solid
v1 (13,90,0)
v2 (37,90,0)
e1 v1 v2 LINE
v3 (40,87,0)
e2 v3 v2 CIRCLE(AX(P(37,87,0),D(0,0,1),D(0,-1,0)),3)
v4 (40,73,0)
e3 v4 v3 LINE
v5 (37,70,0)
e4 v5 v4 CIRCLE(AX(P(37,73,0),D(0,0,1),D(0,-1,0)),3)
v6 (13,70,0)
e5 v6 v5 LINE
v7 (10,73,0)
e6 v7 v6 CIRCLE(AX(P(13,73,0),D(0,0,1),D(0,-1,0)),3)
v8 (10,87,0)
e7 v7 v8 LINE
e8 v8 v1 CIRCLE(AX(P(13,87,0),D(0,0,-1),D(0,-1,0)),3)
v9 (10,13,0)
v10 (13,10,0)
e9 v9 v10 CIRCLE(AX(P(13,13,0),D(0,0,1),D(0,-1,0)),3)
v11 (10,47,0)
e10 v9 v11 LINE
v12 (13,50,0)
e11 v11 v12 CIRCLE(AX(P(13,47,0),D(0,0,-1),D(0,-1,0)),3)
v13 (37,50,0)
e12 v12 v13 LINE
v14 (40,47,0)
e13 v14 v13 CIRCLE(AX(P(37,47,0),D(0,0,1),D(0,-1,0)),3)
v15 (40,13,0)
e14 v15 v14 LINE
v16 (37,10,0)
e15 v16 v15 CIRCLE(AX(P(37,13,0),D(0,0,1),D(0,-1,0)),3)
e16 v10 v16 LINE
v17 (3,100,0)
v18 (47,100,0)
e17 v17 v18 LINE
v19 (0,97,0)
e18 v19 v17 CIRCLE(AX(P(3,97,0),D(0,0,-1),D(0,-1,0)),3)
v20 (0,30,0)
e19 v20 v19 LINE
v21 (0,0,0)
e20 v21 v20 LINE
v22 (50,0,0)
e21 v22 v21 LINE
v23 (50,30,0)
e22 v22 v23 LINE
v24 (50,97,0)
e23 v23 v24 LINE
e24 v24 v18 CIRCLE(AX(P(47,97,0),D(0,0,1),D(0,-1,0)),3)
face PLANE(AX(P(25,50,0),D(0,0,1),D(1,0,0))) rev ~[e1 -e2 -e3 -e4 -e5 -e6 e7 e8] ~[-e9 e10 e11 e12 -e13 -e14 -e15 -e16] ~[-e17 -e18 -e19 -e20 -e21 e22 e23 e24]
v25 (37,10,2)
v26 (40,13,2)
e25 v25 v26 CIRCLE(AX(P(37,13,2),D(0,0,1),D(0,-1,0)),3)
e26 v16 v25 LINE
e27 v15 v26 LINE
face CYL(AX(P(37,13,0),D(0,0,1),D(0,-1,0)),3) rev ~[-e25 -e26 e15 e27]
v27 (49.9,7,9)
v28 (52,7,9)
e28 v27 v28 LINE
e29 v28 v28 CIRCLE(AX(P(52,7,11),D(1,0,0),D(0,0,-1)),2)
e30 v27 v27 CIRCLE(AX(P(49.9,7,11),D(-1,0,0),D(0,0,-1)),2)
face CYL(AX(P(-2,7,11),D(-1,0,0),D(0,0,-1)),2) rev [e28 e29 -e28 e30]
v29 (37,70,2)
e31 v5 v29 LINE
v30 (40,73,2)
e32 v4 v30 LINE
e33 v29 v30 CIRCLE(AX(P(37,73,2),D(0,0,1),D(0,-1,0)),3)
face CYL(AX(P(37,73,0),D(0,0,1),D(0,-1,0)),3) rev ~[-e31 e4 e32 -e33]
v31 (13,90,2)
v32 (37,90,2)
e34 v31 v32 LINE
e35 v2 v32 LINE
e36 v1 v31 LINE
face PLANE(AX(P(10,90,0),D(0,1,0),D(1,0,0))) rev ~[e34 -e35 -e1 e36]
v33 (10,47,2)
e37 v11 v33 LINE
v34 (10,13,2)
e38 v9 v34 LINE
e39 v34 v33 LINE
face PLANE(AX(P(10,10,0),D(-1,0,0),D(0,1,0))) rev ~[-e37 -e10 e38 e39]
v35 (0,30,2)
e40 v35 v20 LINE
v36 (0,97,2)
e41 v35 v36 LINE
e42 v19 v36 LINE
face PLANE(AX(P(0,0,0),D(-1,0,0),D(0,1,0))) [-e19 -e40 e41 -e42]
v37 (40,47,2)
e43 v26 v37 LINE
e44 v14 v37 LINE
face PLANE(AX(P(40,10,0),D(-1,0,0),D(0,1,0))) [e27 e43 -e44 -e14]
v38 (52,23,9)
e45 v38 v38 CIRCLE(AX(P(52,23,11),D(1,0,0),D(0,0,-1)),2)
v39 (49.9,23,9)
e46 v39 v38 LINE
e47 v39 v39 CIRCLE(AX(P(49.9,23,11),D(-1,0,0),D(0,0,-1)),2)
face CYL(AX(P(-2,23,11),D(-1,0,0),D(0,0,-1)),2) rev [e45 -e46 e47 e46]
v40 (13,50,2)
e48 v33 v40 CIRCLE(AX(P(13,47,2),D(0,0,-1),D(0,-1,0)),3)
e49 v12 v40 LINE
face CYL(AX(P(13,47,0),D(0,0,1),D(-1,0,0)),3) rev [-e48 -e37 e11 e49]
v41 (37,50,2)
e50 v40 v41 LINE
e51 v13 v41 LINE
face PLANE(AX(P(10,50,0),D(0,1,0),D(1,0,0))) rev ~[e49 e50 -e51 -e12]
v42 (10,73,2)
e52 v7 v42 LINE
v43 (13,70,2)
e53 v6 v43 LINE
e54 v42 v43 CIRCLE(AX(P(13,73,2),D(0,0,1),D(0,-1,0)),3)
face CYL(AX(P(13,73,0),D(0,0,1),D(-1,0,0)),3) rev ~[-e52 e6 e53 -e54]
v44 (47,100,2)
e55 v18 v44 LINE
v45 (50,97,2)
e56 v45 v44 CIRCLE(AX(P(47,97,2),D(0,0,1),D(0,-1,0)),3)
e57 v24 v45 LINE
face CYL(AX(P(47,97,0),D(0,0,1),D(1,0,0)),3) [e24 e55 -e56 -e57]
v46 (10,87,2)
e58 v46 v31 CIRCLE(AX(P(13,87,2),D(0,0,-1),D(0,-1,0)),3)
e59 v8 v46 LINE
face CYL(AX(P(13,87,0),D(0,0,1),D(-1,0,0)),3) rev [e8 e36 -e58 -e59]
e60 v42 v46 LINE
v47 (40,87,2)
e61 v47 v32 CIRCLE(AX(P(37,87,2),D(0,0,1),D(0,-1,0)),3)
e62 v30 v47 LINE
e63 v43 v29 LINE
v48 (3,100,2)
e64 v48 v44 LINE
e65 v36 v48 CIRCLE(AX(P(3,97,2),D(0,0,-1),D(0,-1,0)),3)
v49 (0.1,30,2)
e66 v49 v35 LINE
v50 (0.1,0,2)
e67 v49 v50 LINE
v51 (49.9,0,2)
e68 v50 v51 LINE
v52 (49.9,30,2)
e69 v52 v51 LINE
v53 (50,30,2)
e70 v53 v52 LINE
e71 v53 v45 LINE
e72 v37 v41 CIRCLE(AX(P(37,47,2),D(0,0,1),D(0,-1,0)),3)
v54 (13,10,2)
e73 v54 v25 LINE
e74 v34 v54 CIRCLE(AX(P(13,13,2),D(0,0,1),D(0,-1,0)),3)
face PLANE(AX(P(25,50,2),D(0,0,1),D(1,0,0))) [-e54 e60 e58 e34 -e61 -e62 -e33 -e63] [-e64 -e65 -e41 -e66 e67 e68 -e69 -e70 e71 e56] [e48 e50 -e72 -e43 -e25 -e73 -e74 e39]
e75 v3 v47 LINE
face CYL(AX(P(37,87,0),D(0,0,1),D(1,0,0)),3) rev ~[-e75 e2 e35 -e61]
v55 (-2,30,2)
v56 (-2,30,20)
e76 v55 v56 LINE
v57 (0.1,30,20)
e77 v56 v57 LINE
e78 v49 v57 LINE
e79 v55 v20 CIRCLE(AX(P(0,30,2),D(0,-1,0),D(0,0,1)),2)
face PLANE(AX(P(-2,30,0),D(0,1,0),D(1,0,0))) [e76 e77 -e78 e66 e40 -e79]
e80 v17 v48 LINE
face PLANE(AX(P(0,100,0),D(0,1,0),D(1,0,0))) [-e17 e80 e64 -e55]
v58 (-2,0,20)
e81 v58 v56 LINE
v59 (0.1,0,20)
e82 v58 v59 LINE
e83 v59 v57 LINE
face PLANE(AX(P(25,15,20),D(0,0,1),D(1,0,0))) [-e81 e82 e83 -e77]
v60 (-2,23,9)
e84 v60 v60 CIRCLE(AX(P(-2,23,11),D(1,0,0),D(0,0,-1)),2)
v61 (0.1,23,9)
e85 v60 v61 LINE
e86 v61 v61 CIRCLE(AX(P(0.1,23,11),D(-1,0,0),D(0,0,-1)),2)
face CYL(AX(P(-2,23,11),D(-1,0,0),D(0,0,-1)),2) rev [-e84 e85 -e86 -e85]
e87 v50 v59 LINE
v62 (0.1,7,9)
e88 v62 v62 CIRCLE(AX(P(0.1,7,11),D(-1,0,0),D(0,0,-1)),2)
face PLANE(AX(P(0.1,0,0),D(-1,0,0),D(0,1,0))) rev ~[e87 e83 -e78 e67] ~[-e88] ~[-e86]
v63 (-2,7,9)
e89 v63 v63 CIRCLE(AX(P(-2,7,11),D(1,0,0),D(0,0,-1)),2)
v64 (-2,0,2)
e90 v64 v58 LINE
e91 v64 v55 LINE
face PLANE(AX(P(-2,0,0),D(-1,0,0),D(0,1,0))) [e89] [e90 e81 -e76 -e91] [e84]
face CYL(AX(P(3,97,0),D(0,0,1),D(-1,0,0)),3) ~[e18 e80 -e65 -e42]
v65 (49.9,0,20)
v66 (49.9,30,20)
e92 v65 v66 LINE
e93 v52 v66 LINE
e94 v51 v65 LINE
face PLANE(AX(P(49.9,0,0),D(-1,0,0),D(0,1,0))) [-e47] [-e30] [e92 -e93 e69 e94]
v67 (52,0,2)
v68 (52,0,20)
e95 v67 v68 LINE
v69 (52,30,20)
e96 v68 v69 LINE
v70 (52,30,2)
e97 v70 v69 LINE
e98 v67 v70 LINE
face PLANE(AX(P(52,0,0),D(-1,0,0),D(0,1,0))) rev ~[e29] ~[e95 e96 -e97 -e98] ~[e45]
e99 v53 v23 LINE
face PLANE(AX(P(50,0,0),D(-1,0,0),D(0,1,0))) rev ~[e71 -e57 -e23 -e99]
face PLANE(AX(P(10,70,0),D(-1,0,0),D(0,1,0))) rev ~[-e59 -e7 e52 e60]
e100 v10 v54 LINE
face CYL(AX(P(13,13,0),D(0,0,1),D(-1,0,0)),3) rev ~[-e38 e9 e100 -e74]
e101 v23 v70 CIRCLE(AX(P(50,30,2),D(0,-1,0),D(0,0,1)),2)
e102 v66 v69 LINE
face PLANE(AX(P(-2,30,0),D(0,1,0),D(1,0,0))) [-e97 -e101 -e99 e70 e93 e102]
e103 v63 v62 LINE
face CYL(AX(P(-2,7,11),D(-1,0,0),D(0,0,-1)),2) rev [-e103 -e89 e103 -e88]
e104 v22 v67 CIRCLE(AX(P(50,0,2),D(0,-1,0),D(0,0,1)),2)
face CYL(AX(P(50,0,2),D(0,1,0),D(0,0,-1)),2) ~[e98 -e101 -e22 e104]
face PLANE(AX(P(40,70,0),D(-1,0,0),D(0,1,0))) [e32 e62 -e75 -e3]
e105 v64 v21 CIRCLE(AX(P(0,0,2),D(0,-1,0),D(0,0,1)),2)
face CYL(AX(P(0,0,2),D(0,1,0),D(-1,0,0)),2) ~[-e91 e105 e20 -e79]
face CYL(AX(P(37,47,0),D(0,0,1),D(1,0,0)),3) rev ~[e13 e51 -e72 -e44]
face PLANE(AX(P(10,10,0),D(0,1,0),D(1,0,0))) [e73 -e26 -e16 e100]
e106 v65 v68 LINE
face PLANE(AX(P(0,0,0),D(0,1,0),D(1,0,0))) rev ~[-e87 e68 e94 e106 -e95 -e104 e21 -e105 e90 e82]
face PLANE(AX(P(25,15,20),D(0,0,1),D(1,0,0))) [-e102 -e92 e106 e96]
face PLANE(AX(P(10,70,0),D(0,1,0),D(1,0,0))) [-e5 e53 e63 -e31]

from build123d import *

# Parameters (mm, degrees)
BOX004_W          = 49.8
BOX004_H          = 30
BOX004_DEPTH      = 20
CYLINDER001_R     = 2
CYLINDER001_DEPTH = 54
CYLINDER_R        = 2
CYLINDER_DEPTH    = 54
BOX003_W          = 54
BOX003_H          = 30
BOX003_DEPTH      = 20
FILLET003_R       = 2
FILLET004_R       = 2
BOX002_W          = 30
BOX002_H          = 20
BOX002_DEPTH      = 2
FILLET002_R       = 3
BOX001_W          = 30
BOX001_H          = 40
BOX001_DEPTH      = 2
FILLET001_R       = 3
BOX_W             = 50
BOX_H             = 100
BOX_DEPTH         = 2
FILLET_R          = 3


with BuildPart() as cub004:
    # Box004 → Box004 (new body)
    with BuildSketch(Plane(origin=(2.1, 0, 0), x_dir=(1, 0, 0), z_dir=(0, 0, 1))):
        with Locations((24.9, 15)):
            Rectangle(BOX004_W, BOX004_H)
    extrude(amount=BOX004_DEPTH)


with BuildPart() as cilindre001:
    # Cylinder001 → Cylinder001 (new body)
    with BuildSketch(Plane(origin=(0, 23, 11), x_dir=(0, 0, -1), z_dir=(1, 0, 0))):
        Circle(CYLINDER001_R)
    extrude(amount=CYLINDER001_DEPTH)


with BuildPart() as cilindre:
    # Cylinder → Cylinder (new body)
    with BuildSketch(Plane(origin=(0, 7, 11), x_dir=(0, 0, -1), z_dir=(1, 0, 0))):
        Circle(CYLINDER_R)
    extrude(amount=CYLINDER_DEPTH)


with BuildPart() as fillet004:
    # Box003 → Box003 (new body)
    with BuildSketch(Plane.XY):
        with Locations((27, 15)):
            Rectangle(BOX003_W, BOX003_H)
    extrude(amount=BOX003_DEPTH)

    # Cut002: cut Cilindre
    add(cilindre.part, mode=Mode.SUBTRACT)

    # Cut003: cut Cilindre001
    add(cilindre001.part, mode=Mode.SUBTRACT)

    # Cut004: cut Cub004
    add(cub004.part, mode=Mode.SUBTRACT)

    # Fillet003
    fillet003_edges = [fillet004.edges().sort_by_distance(p)[0] for p in [
        (54, 15, 0),
    ]]
    fillet(fillet003_edges, radius=FILLET003_R)

    # Fillet004
    fillet004_edges = [fillet004.edges().sort_by_distance(p)[0] for p in [
        (0, 15, 0),
    ]]
    fillet(fillet004_edges, radius=FILLET004_R)


with BuildPart() as fillet004_1:
    # Fillet004 placement: moved
    add(fillet004.part.moved(Location((-2, 0, 0))))


with BuildPart() as fillet002:
    # Box002 → Box002 (new body)
    with BuildSketch(Plane(origin=(10, 70, 0), x_dir=(1, 0, 0), z_dir=(0, 0, 1))):
        with Locations((15, 10)):
            Rectangle(BOX002_W, BOX002_H)
    extrude(amount=BOX002_DEPTH)

    # Fillet002
    fillet002_edges = [fillet002.edges().sort_by_distance(p)[0] for p in [
        (10, 70, 1),
        (10, 90, 1),
        (40, 70, 1),
        (40, 90, 1),
    ]]
    fillet(fillet002_edges, radius=FILLET002_R)


with BuildPart() as fillet001:
    # Box001 → Box001 (new body)
    with BuildSketch(Plane(origin=(10, 10, 0), x_dir=(1, 0, 0), z_dir=(0, 0, 1))):
        with Locations((15, 20)):
            Rectangle(BOX001_W, BOX001_H)
    extrude(amount=BOX001_DEPTH)

    # Fillet001
    fillet001_edges = [fillet001.edges().sort_by_distance(p)[0] for p in [
        (10, 10, 1),
        (10, 50, 1),
        (40, 10, 1),
        (40, 50, 1),
    ]]
    fillet(fillet001_edges, radius=FILLET001_R)


with BuildPart() as fusion001:
    # Box → Box (new body)
    with BuildSketch(Plane.XY):
        with Locations((25, 50)):
            Rectangle(BOX_W, BOX_H)
    extrude(amount=BOX_DEPTH)

    # Fillet
    fillet_edges = [fusion001.edges().sort_by_distance(p)[0] for p in [
        (0, 100, 1),
        (50, 100, 1),
    ]]
    fillet(fillet_edges, radius=FILLET_R)

    # Cut: cut Fillet001
    add(fillet001.part, mode=Mode.SUBTRACT)

    # Cut001: cut Fillet002
    add(fillet002.part, mode=Mode.SUBTRACT)

    # Fusion: union Fillet004
    add(fillet004_1.part)


solid = fusion001.part
